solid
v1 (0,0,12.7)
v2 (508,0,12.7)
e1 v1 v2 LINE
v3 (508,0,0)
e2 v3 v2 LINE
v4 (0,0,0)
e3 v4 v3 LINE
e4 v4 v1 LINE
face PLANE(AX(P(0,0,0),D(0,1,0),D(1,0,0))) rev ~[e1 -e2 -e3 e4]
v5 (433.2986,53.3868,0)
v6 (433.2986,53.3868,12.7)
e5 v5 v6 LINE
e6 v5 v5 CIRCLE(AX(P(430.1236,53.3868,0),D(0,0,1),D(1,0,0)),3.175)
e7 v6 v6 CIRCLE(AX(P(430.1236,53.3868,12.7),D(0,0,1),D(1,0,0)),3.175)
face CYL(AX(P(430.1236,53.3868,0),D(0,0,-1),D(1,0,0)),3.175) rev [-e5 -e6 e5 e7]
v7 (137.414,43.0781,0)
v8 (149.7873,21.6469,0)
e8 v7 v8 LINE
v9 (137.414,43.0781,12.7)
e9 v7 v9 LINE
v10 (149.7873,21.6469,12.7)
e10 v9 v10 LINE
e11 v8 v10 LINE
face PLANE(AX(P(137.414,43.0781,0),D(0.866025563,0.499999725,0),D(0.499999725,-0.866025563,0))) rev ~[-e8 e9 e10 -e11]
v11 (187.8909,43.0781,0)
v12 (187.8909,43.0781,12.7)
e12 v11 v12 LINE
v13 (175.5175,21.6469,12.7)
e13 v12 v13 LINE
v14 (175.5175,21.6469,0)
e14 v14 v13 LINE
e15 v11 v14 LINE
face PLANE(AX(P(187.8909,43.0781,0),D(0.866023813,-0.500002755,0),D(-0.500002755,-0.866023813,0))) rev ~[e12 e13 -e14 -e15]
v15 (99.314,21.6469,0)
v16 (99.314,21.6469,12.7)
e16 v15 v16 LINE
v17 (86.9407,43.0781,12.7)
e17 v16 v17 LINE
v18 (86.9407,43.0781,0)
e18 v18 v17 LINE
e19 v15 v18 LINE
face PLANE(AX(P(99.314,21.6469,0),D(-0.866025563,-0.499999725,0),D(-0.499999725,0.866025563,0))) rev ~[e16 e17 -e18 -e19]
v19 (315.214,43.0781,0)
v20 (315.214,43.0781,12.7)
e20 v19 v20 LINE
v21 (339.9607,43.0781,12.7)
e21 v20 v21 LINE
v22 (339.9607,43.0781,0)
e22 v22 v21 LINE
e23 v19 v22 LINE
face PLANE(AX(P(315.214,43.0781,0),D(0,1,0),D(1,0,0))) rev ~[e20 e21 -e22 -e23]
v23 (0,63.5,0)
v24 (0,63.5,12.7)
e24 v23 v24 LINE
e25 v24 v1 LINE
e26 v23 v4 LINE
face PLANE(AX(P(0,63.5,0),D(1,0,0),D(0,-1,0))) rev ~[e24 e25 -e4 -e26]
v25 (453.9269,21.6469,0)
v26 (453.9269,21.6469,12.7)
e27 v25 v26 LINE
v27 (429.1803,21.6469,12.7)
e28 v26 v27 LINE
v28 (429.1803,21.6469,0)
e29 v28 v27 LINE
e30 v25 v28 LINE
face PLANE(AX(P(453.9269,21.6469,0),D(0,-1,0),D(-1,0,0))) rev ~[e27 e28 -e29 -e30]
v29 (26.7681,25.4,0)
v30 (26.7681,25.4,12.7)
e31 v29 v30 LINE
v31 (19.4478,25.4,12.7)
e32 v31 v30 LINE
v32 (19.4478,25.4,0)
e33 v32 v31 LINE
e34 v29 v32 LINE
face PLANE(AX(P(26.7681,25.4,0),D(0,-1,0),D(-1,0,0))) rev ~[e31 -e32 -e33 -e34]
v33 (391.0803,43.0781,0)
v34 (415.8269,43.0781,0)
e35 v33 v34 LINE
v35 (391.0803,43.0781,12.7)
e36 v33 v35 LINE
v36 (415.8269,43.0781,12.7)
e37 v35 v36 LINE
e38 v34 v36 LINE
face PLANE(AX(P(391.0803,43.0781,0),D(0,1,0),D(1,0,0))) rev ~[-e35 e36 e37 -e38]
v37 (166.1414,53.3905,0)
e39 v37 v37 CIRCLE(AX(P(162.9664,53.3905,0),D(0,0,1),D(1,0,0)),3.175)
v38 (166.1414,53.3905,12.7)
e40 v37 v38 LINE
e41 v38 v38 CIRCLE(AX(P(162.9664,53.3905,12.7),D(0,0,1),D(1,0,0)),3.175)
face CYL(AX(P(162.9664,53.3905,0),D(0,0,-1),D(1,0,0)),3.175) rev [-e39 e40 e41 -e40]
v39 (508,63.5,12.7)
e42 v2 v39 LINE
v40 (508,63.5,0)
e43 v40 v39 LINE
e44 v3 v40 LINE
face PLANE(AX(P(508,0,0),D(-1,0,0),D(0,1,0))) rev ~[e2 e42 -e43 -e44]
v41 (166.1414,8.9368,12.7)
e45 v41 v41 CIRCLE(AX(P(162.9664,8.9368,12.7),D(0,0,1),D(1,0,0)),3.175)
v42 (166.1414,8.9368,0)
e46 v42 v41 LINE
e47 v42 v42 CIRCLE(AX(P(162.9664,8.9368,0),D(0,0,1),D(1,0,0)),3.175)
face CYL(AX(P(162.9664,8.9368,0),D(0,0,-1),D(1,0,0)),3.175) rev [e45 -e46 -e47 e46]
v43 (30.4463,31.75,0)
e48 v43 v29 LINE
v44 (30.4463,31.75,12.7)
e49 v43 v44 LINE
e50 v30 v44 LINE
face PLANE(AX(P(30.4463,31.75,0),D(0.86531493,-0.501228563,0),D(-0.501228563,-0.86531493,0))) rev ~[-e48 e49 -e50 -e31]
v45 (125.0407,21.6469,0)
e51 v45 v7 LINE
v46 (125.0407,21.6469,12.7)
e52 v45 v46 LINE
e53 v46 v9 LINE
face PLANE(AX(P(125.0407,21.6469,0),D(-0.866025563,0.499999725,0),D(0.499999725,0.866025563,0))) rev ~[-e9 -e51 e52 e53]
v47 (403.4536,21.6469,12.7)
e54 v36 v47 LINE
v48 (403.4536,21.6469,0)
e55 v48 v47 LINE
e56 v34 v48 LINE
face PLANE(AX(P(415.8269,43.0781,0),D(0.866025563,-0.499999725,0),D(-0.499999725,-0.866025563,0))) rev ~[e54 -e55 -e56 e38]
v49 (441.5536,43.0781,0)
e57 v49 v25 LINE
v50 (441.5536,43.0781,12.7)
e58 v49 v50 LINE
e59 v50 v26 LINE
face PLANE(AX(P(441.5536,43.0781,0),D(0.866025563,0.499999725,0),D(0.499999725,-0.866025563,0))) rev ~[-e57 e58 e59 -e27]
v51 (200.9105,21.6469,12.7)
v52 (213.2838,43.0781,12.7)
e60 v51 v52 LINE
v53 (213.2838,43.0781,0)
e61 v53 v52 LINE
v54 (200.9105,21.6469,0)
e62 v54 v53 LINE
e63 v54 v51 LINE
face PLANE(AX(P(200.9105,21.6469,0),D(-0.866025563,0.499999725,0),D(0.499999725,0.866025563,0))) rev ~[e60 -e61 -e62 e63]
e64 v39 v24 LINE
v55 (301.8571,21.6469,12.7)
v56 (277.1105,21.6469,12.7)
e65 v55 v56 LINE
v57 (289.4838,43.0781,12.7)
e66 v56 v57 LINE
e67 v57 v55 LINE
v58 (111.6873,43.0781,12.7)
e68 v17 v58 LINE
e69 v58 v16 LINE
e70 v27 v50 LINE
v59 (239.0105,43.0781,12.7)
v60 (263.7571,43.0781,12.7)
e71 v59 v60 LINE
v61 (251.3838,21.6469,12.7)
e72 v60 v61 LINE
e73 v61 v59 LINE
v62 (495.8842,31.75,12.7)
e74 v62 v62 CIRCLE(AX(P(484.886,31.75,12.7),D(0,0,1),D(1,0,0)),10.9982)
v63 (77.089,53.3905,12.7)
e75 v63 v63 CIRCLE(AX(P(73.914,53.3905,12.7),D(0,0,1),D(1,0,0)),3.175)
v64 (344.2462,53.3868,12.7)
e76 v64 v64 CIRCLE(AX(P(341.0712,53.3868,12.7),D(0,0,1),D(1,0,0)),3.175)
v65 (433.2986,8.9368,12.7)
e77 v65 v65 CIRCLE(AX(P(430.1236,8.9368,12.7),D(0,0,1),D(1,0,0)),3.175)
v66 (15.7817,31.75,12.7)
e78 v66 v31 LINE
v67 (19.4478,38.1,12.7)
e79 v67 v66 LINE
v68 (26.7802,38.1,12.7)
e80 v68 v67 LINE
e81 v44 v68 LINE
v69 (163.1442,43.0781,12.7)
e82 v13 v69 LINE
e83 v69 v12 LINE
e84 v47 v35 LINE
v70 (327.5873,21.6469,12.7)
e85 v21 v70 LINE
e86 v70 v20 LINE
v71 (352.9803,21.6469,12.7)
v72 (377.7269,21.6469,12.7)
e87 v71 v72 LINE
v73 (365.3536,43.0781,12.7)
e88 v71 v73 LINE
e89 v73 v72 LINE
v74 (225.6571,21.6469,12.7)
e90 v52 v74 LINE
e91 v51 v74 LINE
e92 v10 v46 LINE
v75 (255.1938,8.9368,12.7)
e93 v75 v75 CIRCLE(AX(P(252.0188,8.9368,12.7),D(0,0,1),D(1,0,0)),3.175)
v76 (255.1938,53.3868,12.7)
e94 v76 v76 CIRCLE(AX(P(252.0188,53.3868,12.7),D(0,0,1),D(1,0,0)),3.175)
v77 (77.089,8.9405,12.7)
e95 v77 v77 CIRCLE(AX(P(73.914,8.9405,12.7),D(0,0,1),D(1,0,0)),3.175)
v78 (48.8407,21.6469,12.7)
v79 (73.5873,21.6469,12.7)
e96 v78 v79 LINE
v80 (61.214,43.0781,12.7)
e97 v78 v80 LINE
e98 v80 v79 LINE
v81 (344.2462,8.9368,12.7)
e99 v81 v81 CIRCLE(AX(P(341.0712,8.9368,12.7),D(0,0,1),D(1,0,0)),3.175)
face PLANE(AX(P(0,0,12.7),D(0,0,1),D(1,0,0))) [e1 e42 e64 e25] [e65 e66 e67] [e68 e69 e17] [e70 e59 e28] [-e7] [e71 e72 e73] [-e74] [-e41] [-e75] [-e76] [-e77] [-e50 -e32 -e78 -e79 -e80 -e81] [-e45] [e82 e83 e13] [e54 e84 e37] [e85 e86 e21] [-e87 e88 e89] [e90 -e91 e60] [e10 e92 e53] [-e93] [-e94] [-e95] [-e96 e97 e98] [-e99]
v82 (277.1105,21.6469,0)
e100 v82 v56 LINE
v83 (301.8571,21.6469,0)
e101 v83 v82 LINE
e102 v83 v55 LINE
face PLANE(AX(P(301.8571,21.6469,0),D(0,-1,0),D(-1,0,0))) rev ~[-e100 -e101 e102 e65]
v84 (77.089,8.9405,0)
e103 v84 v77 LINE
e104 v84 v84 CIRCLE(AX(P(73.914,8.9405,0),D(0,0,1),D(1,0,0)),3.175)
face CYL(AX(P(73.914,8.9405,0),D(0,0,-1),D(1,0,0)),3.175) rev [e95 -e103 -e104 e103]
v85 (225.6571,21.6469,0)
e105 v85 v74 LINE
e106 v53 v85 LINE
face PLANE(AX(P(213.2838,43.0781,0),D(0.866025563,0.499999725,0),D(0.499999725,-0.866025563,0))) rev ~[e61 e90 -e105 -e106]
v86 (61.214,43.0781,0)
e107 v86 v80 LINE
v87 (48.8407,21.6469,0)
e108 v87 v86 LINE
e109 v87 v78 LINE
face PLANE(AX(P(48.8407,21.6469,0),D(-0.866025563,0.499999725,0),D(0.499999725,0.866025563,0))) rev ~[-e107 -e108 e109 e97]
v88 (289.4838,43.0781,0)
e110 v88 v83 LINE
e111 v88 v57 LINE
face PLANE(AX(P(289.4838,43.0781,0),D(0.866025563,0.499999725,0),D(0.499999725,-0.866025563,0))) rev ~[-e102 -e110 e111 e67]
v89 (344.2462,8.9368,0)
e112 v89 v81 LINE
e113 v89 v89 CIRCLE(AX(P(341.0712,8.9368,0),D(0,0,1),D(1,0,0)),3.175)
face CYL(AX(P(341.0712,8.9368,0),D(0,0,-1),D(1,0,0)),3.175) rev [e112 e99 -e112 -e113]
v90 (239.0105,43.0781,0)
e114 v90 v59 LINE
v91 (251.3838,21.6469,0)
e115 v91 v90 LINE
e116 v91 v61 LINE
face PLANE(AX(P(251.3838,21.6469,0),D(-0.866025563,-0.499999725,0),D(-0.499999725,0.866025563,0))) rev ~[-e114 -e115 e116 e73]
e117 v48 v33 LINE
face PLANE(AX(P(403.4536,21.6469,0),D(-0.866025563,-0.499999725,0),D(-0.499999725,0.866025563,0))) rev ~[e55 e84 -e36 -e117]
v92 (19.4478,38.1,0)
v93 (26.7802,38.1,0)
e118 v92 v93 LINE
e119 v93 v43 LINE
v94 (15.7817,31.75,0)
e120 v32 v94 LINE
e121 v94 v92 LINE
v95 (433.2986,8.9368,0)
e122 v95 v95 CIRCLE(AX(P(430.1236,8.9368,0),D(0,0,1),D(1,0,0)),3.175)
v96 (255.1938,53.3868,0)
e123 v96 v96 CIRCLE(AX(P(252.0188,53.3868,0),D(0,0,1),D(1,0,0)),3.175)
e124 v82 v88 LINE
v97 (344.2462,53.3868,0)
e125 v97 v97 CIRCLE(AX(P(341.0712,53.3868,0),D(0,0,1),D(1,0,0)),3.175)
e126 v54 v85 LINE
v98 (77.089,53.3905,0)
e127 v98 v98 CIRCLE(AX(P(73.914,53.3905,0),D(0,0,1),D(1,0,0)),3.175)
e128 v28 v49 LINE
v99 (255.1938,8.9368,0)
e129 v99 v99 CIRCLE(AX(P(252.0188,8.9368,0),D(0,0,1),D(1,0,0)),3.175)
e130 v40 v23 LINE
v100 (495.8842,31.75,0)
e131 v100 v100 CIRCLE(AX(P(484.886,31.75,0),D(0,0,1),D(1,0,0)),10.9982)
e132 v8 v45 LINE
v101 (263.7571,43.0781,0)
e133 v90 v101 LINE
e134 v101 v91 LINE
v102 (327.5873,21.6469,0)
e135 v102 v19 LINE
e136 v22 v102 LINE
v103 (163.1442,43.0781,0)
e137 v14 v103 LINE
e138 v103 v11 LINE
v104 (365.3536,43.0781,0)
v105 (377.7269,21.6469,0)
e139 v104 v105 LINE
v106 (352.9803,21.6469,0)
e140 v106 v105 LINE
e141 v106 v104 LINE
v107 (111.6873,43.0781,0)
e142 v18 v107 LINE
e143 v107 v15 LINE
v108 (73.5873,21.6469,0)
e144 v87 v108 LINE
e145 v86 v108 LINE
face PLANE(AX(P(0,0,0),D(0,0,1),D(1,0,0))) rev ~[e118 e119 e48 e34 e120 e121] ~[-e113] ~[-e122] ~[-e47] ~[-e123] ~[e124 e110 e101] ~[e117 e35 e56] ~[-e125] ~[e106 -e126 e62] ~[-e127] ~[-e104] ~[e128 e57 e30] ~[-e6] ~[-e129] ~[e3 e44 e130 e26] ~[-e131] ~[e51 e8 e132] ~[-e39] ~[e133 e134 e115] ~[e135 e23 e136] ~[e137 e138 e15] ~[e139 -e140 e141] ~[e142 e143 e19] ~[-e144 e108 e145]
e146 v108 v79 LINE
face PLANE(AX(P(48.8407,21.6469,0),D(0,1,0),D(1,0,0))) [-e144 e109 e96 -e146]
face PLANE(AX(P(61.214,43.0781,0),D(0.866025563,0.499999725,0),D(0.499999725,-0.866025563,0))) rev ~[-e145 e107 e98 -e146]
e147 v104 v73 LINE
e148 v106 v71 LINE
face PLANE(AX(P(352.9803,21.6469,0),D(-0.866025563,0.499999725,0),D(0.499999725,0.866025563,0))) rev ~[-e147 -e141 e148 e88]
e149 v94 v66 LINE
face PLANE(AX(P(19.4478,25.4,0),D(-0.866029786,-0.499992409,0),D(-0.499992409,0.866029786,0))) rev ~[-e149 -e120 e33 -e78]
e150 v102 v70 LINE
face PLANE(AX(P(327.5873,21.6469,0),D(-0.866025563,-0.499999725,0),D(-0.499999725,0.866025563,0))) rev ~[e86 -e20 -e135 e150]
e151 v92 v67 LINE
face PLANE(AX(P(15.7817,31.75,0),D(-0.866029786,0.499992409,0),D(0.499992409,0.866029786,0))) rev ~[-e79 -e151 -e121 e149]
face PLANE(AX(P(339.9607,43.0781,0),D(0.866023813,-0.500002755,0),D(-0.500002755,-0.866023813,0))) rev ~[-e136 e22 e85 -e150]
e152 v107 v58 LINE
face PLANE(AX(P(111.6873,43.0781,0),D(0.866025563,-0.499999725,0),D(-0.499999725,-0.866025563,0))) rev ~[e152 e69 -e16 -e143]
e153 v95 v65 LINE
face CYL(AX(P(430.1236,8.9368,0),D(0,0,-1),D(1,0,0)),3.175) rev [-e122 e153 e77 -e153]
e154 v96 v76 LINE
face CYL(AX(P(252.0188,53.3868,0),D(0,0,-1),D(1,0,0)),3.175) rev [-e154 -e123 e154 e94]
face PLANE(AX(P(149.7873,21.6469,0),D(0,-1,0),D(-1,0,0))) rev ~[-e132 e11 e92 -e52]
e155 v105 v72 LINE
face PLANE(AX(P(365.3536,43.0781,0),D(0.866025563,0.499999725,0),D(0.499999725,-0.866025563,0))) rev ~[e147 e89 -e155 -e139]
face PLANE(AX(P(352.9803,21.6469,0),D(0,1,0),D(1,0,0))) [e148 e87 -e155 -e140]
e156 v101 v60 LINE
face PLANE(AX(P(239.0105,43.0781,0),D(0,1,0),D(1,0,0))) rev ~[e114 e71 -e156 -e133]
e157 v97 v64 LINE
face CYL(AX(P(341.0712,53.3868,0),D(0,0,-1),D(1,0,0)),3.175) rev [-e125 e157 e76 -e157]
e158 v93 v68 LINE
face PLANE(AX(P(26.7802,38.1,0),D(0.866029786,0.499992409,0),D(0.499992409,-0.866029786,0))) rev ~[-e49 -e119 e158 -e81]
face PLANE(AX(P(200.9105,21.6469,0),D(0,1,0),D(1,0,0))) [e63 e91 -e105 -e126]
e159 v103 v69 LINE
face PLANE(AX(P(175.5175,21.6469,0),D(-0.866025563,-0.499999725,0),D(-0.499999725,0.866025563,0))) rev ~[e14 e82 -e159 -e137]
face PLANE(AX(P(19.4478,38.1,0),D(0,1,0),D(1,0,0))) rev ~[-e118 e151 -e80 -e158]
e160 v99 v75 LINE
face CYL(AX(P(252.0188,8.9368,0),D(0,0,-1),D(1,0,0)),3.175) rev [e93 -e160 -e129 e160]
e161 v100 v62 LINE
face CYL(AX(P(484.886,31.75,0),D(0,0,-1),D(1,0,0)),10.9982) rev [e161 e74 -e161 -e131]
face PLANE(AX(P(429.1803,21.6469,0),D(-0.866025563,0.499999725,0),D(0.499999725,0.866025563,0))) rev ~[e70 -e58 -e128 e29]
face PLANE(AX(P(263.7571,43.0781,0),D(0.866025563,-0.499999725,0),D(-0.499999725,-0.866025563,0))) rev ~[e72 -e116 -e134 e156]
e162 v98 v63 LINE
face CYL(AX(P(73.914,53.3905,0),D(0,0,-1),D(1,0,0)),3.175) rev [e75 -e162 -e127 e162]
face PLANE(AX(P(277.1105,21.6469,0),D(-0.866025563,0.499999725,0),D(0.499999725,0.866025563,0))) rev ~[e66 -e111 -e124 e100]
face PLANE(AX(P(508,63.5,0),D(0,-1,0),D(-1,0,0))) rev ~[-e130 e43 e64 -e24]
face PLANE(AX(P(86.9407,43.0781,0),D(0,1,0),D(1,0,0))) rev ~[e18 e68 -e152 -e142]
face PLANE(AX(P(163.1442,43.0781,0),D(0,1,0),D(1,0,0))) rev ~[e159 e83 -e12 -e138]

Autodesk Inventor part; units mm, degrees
ref_plane "YZ Plane" through (0, 0, 0) normal (1, 0, 0) x (0, 1, 0)
ref_plane "XZ Plane" through (0, 0, 0) normal (0, 1, 0) x (-1, 0, 0)
ref_plane "XY Plane" through (0, 0, 0) normal (0, 0, 1) x (1, 0, 0)
sketch "Sketch1" plane through (0, 0, 0) normal (0, 0, 1) x (1, 0, 0)
  line L0 (0, 0) -> (508, 0)
  line L1 (508, 0) -> (508, 63.5)
  line L2 (508, 63.5) -> (0, 63.5)
  line L3 (0, 63.5) -> (0, 0)
  circle A0 centre (484.886, 31.75) radius 10.9982
  circle A1 centre (73.914, 53.3905) radius 3.175
  circle A2 centre (162.9664, 53.3905) radius 3.175
  circle A3 centre (252.0188, 53.3868) radius 3.175
  circle A4 centre (341.0712, 53.3868) radius 3.175
  circle A5 centre (430.1236, 53.3868) radius 3.175
  circle A6 centre (73.914, 8.9405) radius 3.175
  circle A7 centre (162.9664, 8.9368) radius 3.175
  circle A8 centre (252.0188, 8.9368) radius 3.175
  circle A9 centre (341.0712, 8.9368) radius 3.175
  circle A10 centre (430.1236, 8.9368) radius 3.175
  line L4 (61.214, 43.0781) -> (73.5873, 21.6469)
  line L5 (48.8407, 21.6469) -> (61.214, 43.0781)
  line L6 (137.414, 43.0781) -> (149.7873, 21.6469)
  line L7 (149.7873, 21.6469) -> (125.0407, 21.6469)
  line L8 (125.0407, 21.6469) -> (137.414, 43.0781)
  line L9 (99.314, 21.6469) -> (86.9407, 43.0781)
  line L10 (86.9407, 43.0781) -> (111.6873, 43.0781)
  line L11 (111.6873, 43.0781) -> (99.314, 21.6469)
  line L12 (26.7802, 38.1) -> (30.4463, 31.75)
  line L13 (30.4463, 31.75) -> (26.7681, 25.4)
  line L14 (26.7681, 25.4) -> (19.4478, 25.4)
  line L15 (19.4478, 25.4) -> (15.7817, 31.75)
  line L16 (15.7817, 31.75) -> (19.4478, 38.1)
  line L17 (19.4478, 38.1) -> (26.7802, 38.1)
  line L18 (48.8407, 21.6469) -> (73.5873, 21.6469)
  line L19 (289.4838, 43.0781) -> (301.8571, 21.6469)
  line L20 (301.8571, 21.6469) -> (277.1105, 21.6469)
  line L21 (277.1105, 21.6469) -> (289.4838, 43.0781)
  line L22 (263.7571, 43.0781) -> (251.3838, 21.6469)
  line L23 (251.3838, 21.6469) -> (239.0105, 43.0781)
  line L24 (239.0105, 43.0781) -> (263.7571, 43.0781)
  line L25 (213.2838, 43.0781) -> (225.6571, 21.6469)
  line L26 (200.9105, 21.6469) -> (225.6571, 21.6469)
  line L27 (200.9105, 21.6469) -> (213.2838, 43.0781)
  line L28 (441.5536, 43.0781) -> (453.9269, 21.6469)
  line L29 (453.9269, 21.6469) -> (429.1803, 21.6469)
  line L30 (429.1803, 21.6469) -> (441.5536, 43.0781)
  line L31 (415.8269, 43.0781) -> (403.4536, 21.6469)
  line L32 (403.4536, 21.6469) -> (391.0803, 43.0781)
  line L33 (391.0803, 43.0781) -> (415.8269, 43.0781)
  line L34 (365.3536, 43.0781) -> (377.7269, 21.6469)
  line L35 (352.9803, 21.6469) -> (377.7269, 21.6469)
  line L36 (352.9803, 21.6469) -> (365.3536, 43.0781)
  line L37 (175.5175, 21.6469) -> (163.1442, 43.0781)
  line L38 (163.1442, 43.0781) -> (187.8909, 43.0781)
  line L39 (187.8909, 43.0781) -> (175.5175, 21.6469)
  line L40 (339.9607, 43.0781) -> (327.5873, 21.6469)
  line L41 (327.5873, 21.6469) -> (315.214, 43.0781)
  line L42 (315.214, 43.0781) -> (339.9607, 43.0781)
  point P0 (135.1884, 47.8306)
  point P1 (135.1884, 33.5431)
  point P2 (23.114, 19.05)
  point P3 (23.114, 25.4)
  point P4 (287.2582, 33.5431)
  point P5 (439.328, 33.5431)
  dimension "d18" = 44.45
  dimension "d36" = 56.5658
  dimension "d69" = 126.3396
  dimension "d72" = 25.4
  dimension "d0" = 508
  dimension "d1" = 63.5
  dimension "d3" = 21.9964
  dimension "d12" = 6.35
  dimension "d15" = 89.0524
  dimension "d44" = 6.35
  dimension "d66" = 100.9467
  dimension "d91" = 22.0726
  dimension "d97" = 152.0698
  dimension "d102" = 51.1231
extrude "Extrusion1" add sketch "Sketch1" along normal blind 12.7 contours L3 L2 L1 L0 | L4 L18 L5 | L12 L13 L14 L15 L16 L17 | L19 L20 L21 | L22 L23 L24 | L25 L26 L27 | L28 L29 L30 | L31 L32 L33 | L34 L35 L36 | L37 L38 L39 | L40 L41 L42
extrude "Extrusion2" cut sketch "Sketch1" along normal blind 25.4 contours L12 L13 L14 L15 L16 L17
extrude "Extrusion4" cut sketch "Sketch1" along normal blind 12.7 contours L4 L18 L5
extrude "Extrusion5" cut sketch "Sketch1" along normal blind 12.7 contours L19 L20 L21 | L22 L23 L24 | L25 L26 L27 | L28 L29 L30 | L31 L32 L33 | L34 L35 L36 | L37 L38 L39 | L40 L41 L42
properties part number "arm_plate_btw_support_bicep"
